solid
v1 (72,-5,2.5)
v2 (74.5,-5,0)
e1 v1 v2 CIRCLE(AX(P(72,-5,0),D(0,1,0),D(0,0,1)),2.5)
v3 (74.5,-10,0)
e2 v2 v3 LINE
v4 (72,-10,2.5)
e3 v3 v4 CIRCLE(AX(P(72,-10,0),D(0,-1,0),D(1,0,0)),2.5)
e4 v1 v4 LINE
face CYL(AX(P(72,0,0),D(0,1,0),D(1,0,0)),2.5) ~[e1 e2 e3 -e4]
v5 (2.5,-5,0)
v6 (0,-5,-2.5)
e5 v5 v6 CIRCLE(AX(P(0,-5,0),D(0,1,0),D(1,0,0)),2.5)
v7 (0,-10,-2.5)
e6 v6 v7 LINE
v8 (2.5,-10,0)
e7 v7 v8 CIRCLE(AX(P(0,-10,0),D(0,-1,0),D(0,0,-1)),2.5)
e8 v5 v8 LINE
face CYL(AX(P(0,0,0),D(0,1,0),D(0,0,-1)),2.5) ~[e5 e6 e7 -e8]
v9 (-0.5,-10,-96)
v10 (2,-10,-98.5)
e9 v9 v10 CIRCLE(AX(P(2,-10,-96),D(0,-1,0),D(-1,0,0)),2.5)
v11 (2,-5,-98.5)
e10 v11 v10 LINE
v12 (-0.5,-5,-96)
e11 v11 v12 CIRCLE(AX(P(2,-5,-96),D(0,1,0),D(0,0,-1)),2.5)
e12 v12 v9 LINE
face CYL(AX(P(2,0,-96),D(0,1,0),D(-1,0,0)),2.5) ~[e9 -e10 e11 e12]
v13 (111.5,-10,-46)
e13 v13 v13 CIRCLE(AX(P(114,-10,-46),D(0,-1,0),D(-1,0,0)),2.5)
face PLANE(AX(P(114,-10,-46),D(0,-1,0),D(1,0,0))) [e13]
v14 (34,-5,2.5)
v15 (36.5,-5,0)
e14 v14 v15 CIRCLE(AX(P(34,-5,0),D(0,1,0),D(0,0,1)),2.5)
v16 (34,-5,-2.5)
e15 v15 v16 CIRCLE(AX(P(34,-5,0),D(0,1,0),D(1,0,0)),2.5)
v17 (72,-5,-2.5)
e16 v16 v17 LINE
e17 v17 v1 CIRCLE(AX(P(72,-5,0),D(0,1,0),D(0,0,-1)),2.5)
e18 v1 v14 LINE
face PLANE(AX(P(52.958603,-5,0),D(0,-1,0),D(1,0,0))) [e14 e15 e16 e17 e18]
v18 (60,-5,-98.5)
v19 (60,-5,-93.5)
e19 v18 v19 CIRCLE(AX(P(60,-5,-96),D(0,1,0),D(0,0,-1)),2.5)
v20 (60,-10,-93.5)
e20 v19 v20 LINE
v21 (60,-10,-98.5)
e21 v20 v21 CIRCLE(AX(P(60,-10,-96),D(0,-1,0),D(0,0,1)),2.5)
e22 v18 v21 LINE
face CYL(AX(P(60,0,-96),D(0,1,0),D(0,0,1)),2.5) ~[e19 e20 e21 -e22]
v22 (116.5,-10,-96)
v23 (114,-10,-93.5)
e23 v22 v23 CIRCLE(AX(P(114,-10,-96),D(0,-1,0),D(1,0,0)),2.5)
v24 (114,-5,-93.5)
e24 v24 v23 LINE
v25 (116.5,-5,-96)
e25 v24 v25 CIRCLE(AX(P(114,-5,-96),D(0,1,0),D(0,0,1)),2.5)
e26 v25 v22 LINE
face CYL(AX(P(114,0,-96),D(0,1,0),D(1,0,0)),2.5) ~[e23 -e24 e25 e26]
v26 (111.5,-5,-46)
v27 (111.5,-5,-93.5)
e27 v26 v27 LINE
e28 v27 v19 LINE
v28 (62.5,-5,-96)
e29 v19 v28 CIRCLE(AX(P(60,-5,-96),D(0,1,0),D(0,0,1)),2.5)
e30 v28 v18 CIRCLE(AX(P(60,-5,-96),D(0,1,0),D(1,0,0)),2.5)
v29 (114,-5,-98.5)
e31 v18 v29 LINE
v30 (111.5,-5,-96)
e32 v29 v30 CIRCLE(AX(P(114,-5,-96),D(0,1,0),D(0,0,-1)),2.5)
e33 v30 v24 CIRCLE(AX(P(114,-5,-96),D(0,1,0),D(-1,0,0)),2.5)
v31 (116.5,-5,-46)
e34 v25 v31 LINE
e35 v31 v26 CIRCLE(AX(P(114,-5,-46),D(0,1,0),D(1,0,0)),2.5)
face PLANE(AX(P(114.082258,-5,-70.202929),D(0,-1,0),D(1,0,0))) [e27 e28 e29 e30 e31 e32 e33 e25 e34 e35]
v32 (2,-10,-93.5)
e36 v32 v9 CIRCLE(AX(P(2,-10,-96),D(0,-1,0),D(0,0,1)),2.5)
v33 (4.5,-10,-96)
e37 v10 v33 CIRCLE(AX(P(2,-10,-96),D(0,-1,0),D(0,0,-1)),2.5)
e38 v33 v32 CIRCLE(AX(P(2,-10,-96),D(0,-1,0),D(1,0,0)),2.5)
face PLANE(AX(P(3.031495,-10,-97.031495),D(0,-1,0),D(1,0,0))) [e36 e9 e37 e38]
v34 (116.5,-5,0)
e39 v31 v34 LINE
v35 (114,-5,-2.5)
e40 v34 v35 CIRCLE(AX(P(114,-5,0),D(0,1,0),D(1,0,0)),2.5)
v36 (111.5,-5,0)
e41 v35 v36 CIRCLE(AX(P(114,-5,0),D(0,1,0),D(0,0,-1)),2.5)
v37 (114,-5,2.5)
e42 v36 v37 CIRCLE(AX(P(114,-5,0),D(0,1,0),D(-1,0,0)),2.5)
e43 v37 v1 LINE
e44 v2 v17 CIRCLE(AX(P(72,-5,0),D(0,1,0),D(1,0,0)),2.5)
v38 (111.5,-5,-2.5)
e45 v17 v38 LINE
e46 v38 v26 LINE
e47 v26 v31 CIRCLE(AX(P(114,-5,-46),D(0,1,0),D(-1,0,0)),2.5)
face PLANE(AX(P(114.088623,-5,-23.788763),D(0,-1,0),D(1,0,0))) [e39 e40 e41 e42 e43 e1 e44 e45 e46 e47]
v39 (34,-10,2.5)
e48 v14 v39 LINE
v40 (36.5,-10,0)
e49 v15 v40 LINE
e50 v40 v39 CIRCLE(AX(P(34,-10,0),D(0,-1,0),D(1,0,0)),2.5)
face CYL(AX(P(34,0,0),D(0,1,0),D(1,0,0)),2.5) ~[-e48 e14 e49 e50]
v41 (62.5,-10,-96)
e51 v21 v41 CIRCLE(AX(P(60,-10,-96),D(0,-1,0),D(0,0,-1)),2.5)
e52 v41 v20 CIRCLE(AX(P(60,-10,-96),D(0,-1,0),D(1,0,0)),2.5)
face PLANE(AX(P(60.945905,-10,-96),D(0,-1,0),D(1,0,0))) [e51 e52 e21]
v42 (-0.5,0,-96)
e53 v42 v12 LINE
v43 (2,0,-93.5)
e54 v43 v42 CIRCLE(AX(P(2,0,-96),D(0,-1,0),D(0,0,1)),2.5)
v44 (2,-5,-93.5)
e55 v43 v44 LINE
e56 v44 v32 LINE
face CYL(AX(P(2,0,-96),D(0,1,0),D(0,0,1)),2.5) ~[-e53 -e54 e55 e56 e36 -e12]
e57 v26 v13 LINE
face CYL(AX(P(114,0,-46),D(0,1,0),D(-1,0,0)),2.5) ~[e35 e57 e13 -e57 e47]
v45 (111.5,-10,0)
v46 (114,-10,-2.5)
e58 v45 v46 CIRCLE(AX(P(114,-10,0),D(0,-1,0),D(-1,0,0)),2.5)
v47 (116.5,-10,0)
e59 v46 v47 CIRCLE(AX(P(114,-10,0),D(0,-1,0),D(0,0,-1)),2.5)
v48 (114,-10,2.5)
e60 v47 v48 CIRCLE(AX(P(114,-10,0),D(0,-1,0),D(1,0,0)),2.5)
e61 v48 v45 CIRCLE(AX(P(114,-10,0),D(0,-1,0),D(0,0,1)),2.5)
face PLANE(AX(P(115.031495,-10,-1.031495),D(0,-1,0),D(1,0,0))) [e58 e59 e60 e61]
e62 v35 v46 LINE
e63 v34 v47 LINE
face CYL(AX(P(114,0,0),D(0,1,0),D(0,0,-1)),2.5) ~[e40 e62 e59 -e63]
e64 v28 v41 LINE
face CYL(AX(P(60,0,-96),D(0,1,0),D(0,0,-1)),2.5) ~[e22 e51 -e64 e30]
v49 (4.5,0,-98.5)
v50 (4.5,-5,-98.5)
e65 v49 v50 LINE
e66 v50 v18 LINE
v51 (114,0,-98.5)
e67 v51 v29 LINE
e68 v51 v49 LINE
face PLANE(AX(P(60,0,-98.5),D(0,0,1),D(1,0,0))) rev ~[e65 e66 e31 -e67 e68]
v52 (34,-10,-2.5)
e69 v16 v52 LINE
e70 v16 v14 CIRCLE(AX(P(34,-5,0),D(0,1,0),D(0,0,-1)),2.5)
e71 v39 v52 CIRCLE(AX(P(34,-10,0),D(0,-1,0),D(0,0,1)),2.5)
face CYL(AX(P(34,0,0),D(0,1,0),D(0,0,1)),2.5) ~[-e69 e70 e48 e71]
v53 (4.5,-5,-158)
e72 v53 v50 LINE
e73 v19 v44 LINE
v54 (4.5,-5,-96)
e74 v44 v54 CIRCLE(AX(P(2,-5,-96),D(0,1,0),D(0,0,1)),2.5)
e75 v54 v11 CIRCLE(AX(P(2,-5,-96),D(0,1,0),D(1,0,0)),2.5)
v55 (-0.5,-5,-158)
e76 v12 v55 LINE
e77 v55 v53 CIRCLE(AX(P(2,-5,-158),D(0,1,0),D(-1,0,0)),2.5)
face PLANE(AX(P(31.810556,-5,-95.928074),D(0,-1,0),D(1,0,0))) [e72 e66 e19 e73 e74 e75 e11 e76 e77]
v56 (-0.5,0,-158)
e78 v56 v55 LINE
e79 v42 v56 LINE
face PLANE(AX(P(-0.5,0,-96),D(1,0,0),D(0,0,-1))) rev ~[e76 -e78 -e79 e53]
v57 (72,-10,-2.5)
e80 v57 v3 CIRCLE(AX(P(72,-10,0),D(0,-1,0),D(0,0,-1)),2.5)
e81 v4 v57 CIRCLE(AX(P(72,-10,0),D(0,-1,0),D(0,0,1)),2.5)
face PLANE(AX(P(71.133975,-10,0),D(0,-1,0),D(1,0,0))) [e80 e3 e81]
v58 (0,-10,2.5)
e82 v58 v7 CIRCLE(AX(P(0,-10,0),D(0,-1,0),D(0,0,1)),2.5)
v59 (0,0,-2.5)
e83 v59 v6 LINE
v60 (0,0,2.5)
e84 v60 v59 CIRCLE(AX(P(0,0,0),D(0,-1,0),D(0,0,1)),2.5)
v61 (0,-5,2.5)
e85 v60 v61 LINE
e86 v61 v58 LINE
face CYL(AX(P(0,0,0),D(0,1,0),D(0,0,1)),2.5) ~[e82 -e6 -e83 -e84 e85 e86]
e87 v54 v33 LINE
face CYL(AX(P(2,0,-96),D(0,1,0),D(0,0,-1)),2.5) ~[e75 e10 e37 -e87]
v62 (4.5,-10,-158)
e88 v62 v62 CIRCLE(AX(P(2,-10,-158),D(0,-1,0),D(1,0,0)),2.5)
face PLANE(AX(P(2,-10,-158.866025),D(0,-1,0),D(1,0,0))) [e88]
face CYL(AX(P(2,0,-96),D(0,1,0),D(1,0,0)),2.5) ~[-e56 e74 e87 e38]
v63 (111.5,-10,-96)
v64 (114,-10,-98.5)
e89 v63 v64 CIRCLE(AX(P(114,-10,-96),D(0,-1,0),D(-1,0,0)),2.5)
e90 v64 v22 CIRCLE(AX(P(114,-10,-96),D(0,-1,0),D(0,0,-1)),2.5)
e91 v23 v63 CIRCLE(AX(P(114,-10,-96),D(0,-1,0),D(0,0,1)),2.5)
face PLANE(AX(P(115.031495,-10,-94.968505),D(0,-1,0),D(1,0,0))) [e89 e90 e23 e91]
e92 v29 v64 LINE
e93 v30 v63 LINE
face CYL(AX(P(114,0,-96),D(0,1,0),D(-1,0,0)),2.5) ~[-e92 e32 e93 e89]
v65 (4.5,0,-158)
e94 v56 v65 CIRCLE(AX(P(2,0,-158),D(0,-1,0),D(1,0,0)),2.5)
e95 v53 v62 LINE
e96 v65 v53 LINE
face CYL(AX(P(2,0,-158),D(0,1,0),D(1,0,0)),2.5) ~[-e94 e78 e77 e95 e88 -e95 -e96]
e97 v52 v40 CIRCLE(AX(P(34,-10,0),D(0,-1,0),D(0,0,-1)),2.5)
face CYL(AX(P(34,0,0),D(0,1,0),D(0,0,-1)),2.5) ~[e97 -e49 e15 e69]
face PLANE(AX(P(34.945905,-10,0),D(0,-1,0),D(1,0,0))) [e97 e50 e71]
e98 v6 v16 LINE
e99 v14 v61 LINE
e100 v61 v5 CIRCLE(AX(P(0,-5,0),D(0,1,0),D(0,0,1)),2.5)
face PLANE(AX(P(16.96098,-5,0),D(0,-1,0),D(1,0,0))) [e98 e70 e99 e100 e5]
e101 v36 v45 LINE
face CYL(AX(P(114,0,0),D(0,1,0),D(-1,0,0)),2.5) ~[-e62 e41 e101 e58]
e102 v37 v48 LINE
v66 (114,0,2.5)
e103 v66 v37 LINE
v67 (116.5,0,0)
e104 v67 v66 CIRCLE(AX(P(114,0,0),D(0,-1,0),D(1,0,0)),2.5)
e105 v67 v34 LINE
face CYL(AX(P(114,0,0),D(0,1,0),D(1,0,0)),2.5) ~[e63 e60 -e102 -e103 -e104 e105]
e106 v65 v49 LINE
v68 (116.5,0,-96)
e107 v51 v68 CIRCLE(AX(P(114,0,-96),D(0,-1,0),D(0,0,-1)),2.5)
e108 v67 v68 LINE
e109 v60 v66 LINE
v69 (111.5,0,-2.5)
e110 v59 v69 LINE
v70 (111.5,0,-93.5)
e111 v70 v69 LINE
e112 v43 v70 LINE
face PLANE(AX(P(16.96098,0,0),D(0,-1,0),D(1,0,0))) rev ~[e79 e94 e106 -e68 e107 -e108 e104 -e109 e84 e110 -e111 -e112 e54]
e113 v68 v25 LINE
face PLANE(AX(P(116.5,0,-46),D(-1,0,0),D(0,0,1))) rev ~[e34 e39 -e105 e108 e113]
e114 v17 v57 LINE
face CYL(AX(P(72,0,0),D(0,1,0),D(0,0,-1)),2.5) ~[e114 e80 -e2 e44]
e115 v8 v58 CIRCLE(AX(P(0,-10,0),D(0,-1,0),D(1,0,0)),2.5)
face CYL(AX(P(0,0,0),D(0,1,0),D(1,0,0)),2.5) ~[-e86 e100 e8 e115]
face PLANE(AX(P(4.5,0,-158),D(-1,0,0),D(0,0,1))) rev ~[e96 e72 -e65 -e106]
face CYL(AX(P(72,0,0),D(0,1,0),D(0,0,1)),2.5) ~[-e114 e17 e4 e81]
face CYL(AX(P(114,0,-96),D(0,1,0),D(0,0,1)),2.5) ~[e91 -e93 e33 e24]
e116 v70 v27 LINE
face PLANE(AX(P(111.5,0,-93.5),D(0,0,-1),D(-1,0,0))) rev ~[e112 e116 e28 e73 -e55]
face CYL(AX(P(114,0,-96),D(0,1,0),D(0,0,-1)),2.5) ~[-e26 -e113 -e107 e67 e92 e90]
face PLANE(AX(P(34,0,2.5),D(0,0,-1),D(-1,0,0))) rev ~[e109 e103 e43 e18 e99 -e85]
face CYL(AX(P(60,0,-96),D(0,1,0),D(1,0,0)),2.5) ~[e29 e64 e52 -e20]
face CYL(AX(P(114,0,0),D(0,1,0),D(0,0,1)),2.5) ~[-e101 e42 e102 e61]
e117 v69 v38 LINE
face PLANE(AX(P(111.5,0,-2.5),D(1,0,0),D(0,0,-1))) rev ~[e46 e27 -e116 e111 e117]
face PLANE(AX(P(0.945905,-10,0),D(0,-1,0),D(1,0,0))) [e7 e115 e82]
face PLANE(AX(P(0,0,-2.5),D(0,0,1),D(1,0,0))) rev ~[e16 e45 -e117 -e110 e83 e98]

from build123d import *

# Parameters (mm, degrees)
F1_DEPTH = 10
F2_DEPTH = 5


with BuildPart() as f1:
    # F0 (on Front) → F1 (new body)
    with BuildSketch(Plane.XZ):
        with BuildLine():
            ThreePointArc((0, -2.5), (1.767766953, -1.767766953), (2.5, 0))
            ThreePointArc((2.5, 0), (1.767766953, 1.767766953), (0, 2.5))
            Line((0, 2.5), (0, -2.5))
        make_face()
        with BuildLine():
            Line((0, -2.5), (0, 2.5))
            ThreePointArc((0, 2.5), (-2.5, 0), (0, -2.5))
        make_face()
    extrude(amount=F1_DEPTH)



with BuildPart() as f1b:
    # F0 (on Front) → F1, piece 2 (new body)
    with BuildSketch(Plane.XZ):
        with BuildLine():
            ThreePointArc((36.5, 0), (35.767766953, 1.767766953), (34, 2.5))
            Line((34, 2.5), (34, -2.5))
            ThreePointArc((34, -2.5), (35.767766953, -1.767766953), (36.5, 0))
        make_face()
        with BuildLine():
            Line((34, -2.5), (34, 2.5))
            ThreePointArc((34, 2.5), (31.5, 0), (34, -2.5))
        make_face()
    extrude(amount=F1_DEPTH)


with BuildPart() as f1c:
    # F0 (on Front) → F1, piece 3 (new body)
    with BuildSketch(Plane.XZ):
        with BuildLine():
            ThreePointArc((114, -2.5), (115.767766953, -1.767766953), (116.5, 0))
            Line((116.5, 0), (114, 0))
            Line((114, 0), (114, -2.5))
        make_face()
        with BuildLine():
            ThreePointArc((116.5, 0), (115.767766953, 1.767766953), (114, 2.5))
            Line((114, 2.5), (114, 0))
            Line((114, 0), (116.5, 0))
        make_face()
        with BuildLine():
            Line((114, 0), (114, 2.5))
            ThreePointArc((114, 2.5), (112.232233047, 1.767766953), (111.5, 0))
            Line((111.5, 0), (114, 0))
        make_face()
        with BuildLine():
            Line((114, 0), (111.5, 0))
            ThreePointArc((111.5, 0), (112.232233047, -1.767766953), (114, -2.5))
            Line((114, -2.5), (114, 0))
        make_face()
    extrude(amount=F1_DEPTH)


with BuildPart() as f1d:
    # F0 (on Front) → F1, piece 4 (new body)
    with BuildSketch(Plane.XZ):
        with BuildLine():
            Line((72, -2.5), (72, 2.5))
            ThreePointArc((72, 2.5), (69.5, 0), (72, -2.5))
        make_face()
        with BuildLine():
            ThreePointArc((74.5, 0), (73.767766953, 1.767766953), (72, 2.5))
            Line((72, 2.5), (72, -2.5))
            ThreePointArc((72, -2.5), (73.767766953, -1.767766953), (74.5, 0))
        make_face()
    extrude(amount=F1_DEPTH)


with BuildPart() as f1e:
    # F0 (on Front) → F1, piece 5 (new body)
    with BuildSketch(Plane.XZ):
        with BuildLine():
            ThreePointArc((116.5, -46), (114, -43.5), (111.5, -46))
            ThreePointArc((111.5, -46), (114, -48.5), (116.5, -46))
        make_face()
    extrude(amount=F1_DEPTH)


with BuildPart() as f1f:
    # F0 (on Front) → F1, piece 6 (new body)
    with BuildSketch(Plane.XZ):
        with BuildLine():
            Line((114, -96), (116.5, -96))
            ThreePointArc((116.5, -96), (115.767766953, -94.232233047), (114, -93.5))
            Line((114, -93.5), (114, -96))
        make_face()
        with BuildLine():
            Line((114, -96), (111.5, -96))
            ThreePointArc((111.5, -96), (112.232233047, -97.767766953), (114, -98.5))
            Line((114, -98.5), (114, -96))
        make_face()
        with BuildLine():
            ThreePointArc((114, -98.5), (115.767766953, -97.767766953), (116.5, -96))
            Line((116.5, -96), (114, -96))
            Line((114, -96), (114, -98.5))
        make_face()
        with BuildLine():
            Line((114, -96), (114, -93.5))
            ThreePointArc((114, -93.5), (112.232233047, -94.232233047), (111.5, -96))
            Line((111.5, -96), (114, -96))
        make_face()
    extrude(amount=F1_DEPTH)


with BuildPart() as f1g:
    # F0 (on Front) → F1, piece 7 (new body)
    with BuildSketch(Plane.XZ):
        with BuildLine():
            ThreePointArc((62.5, -96), (61.767766953, -94.232233047), (60, -93.5))
            Line((60, -93.5), (60, -98.5))
            ThreePointArc((60, -98.5), (61.767766953, -97.767766953), (62.5, -96))
        make_face()
        with BuildLine():
            Line((60, -98.5), (60, -93.5))
            ThreePointArc((60, -93.5), (57.5, -96), (60, -98.5))
        make_face()
    extrude(amount=F1_DEPTH)


with BuildPart() as f1h:
    # F0 (on Front) → F1, piece 8 (new body)
    with BuildSketch(Plane.XZ):
        with BuildLine():
            ThreePointArc((2, -98.5), (3.767766953, -97.767766953), (4.5, -96))
            Line((4.5, -96), (2, -96))
            Line((2, -96), (2, -98.5))
        make_face()
        with BuildLine():
            Line((2, -96), (-0.5, -96))
            ThreePointArc((-0.5, -96), (0.232233047, -97.767766953), (2, -98.5))
            Line((2, -98.5), (2, -96))
        make_face()
        with BuildLine():
            Line((2, -96), (2, -93.5))
            ThreePointArc((2, -93.5), (0.232233047, -94.232233047), (-0.5, -96))
            Line((-0.5, -96), (2, -96))
        make_face()
        with BuildLine():
            ThreePointArc((4.5, -96), (3.767766953, -94.232233047), (2, -93.5))
            Line((2, -93.5), (2, -96))
            Line((2, -96), (4.5, -96))
        make_face()
    extrude(amount=F1_DEPTH)


with BuildPart() as f1i:
    # F0 (on Front) → F1, piece 9 (new body)
    with BuildSketch(Plane.XZ):
        with BuildLine():
            ThreePointArc((-0.5, -158), (2, -160.5), (4.5, -158))
            Line((4.5, -158), (-0.5, -158))
        make_face()
        with BuildLine():
            Line((-0.5, -158), (4.5, -158))
            ThreePointArc((4.5, -158), (2, -155.5), (-0.5, -158))
        make_face()
    extrude(amount=F1_DEPTH)


with BuildPart() as f1_1:
    add(f1.part)

    add(f1b.part)  # F2 merges F1b

    add(f1c.part)  # F2 merges F1c

    add(f1d.part)  # F2 merges F1d

    add(f1e.part)  # F2 merges F1e

    add(f1f.part)  # F2 merges F1f

    add(f1g.part)  # F2 merges F1g

    add(f1h.part)  # F2 merges F1h

    add(f1i.part)  # F2 merges F1i
    # F0 (on Front) → F2 (join)
    with BuildSketch(Plane.XZ):
        with BuildLine():
            ThreePointArc((0, 2.5), (1.767766953, 1.767766953), (2.5, 0))
            ThreePointArc((2.5, 0), (1.767766953, -1.767766953), (0, -2.5))
            Line((0, -2.5), (34, -2.5))
            ThreePointArc((34, -2.5), (31.5, 0), (34, 2.5))
            Line((34, 2.5), (0, 2.5))
        make_face()
        with BuildLine():
            Line((72, 2.5), (34, 2.5))
            ThreePointArc((34, 2.5), (35.767766953, 1.767766953), (36.5, 0))
            ThreePointArc((36.5, 0), (35.767766953, -1.767766953), (34, -2.5))
            Line((34, -2.5), (72, -2.5))
            ThreePointArc((72, -2.5), (69.5, 0), (72, 2.5))
        make_face()
        with BuildLine():
            Line((114, -2.5), (111.5, -2.5))
            Line((111.5, -2.5), (111.5, -46))
            ThreePointArc((111.5, -46), (114, -43.5), (116.5, -46))
            Line((116.5, -46), (116.5, 0))
            ThreePointArc((116.5, 0), (115.767766953, -1.767766953), (114, -2.5))
        make_face()
        with BuildLine():
            Line((114, 2.5), (72, 2.5))
            ThreePointArc((72, 2.5), (73.767766953, 1.767766953), (74.5, 0))
            ThreePointArc((74.5, 0), (73.767766953, -1.767766953), (72, -2.5))
            Line((72, -2.5), (111.5, -2.5))
            Line((111.5, -2.5), (111.5, 0))
            ThreePointArc((111.5, 0), (112.232233047, 1.767766953), (114, 2.5))
        make_face()
        with BuildLine():
            ThreePointArc((116.5, -46), (114, -48.5), (111.5, -46))
            Line((111.5, -46), (111.5, -93.5))
            Line((111.5, -93.5), (114, -93.5))
            ThreePointArc((114, -93.5), (115.767766953, -94.232233047), (116.5, -96))
            Line((116.5, -96), (116.5, -46))
        make_face()
        with BuildLine():
            Line((111.5, -96), (111.5, -93.5))
            Line((111.5, -93.5), (60, -93.5))
            ThreePointArc((60, -93.5), (61.767766953, -94.232233047), (62.5, -96))
            ThreePointArc((62.5, -96), (61.767766953, -97.767766953), (60, -98.5))
            Line((60, -98.5), (114, -98.5))
            ThreePointArc((114, -98.5), (112.232233047, -97.767766953), (111.5, -96))
        make_face()
        with BuildLine():
            ThreePointArc((60, -98.5), (57.5, -96), (60, -93.5))
            Line((60, -93.5), (2, -93.5))
            ThreePointArc((2, -93.5), (3.767766953, -94.232233047), (4.5, -96))
            Line((4.5, -96), (4.5, -98.5))
            Line((4.5, -98.5), (60, -98.5))
        make_face()
        with BuildLine():
            Line((4.5, -158), (4.5, -98.5))
            Line((4.5, -98.5), (2, -98.5))
            ThreePointArc((2, -98.5), (0.232233047, -97.767766953), (-0.5, -96))
            Line((-0.5, -96), (-0.5, -158))
            ThreePointArc((-0.5, -158), (2, -155.5), (4.5, -158))
        make_face()
        with BuildLine():
            Line((2, -98.5), (4.5, -98.5))
            Line((4.5, -98.5), (4.5, -96))
            ThreePointArc((4.5, -96), (3.767766953, -97.767766953), (2, -98.5))
        make_face()
        with BuildLine():
            Line((111.5, 0), (111.5, -2.5))
            Line((111.5, -2.5), (114, -2.5))
            ThreePointArc((114, -2.5), (112.232233047, -1.767766953), (111.5, 0))
        make_face()
        with BuildLine():
            Line((114, -93.5), (111.5, -93.5))
            Line((111.5, -93.5), (111.5, -96))
            ThreePointArc((111.5, -96), (112.232233047, -94.232233047), (114, -93.5))
        make_face()
    extrude(amount=F2_DEPTH)


solid = f1_1.part
